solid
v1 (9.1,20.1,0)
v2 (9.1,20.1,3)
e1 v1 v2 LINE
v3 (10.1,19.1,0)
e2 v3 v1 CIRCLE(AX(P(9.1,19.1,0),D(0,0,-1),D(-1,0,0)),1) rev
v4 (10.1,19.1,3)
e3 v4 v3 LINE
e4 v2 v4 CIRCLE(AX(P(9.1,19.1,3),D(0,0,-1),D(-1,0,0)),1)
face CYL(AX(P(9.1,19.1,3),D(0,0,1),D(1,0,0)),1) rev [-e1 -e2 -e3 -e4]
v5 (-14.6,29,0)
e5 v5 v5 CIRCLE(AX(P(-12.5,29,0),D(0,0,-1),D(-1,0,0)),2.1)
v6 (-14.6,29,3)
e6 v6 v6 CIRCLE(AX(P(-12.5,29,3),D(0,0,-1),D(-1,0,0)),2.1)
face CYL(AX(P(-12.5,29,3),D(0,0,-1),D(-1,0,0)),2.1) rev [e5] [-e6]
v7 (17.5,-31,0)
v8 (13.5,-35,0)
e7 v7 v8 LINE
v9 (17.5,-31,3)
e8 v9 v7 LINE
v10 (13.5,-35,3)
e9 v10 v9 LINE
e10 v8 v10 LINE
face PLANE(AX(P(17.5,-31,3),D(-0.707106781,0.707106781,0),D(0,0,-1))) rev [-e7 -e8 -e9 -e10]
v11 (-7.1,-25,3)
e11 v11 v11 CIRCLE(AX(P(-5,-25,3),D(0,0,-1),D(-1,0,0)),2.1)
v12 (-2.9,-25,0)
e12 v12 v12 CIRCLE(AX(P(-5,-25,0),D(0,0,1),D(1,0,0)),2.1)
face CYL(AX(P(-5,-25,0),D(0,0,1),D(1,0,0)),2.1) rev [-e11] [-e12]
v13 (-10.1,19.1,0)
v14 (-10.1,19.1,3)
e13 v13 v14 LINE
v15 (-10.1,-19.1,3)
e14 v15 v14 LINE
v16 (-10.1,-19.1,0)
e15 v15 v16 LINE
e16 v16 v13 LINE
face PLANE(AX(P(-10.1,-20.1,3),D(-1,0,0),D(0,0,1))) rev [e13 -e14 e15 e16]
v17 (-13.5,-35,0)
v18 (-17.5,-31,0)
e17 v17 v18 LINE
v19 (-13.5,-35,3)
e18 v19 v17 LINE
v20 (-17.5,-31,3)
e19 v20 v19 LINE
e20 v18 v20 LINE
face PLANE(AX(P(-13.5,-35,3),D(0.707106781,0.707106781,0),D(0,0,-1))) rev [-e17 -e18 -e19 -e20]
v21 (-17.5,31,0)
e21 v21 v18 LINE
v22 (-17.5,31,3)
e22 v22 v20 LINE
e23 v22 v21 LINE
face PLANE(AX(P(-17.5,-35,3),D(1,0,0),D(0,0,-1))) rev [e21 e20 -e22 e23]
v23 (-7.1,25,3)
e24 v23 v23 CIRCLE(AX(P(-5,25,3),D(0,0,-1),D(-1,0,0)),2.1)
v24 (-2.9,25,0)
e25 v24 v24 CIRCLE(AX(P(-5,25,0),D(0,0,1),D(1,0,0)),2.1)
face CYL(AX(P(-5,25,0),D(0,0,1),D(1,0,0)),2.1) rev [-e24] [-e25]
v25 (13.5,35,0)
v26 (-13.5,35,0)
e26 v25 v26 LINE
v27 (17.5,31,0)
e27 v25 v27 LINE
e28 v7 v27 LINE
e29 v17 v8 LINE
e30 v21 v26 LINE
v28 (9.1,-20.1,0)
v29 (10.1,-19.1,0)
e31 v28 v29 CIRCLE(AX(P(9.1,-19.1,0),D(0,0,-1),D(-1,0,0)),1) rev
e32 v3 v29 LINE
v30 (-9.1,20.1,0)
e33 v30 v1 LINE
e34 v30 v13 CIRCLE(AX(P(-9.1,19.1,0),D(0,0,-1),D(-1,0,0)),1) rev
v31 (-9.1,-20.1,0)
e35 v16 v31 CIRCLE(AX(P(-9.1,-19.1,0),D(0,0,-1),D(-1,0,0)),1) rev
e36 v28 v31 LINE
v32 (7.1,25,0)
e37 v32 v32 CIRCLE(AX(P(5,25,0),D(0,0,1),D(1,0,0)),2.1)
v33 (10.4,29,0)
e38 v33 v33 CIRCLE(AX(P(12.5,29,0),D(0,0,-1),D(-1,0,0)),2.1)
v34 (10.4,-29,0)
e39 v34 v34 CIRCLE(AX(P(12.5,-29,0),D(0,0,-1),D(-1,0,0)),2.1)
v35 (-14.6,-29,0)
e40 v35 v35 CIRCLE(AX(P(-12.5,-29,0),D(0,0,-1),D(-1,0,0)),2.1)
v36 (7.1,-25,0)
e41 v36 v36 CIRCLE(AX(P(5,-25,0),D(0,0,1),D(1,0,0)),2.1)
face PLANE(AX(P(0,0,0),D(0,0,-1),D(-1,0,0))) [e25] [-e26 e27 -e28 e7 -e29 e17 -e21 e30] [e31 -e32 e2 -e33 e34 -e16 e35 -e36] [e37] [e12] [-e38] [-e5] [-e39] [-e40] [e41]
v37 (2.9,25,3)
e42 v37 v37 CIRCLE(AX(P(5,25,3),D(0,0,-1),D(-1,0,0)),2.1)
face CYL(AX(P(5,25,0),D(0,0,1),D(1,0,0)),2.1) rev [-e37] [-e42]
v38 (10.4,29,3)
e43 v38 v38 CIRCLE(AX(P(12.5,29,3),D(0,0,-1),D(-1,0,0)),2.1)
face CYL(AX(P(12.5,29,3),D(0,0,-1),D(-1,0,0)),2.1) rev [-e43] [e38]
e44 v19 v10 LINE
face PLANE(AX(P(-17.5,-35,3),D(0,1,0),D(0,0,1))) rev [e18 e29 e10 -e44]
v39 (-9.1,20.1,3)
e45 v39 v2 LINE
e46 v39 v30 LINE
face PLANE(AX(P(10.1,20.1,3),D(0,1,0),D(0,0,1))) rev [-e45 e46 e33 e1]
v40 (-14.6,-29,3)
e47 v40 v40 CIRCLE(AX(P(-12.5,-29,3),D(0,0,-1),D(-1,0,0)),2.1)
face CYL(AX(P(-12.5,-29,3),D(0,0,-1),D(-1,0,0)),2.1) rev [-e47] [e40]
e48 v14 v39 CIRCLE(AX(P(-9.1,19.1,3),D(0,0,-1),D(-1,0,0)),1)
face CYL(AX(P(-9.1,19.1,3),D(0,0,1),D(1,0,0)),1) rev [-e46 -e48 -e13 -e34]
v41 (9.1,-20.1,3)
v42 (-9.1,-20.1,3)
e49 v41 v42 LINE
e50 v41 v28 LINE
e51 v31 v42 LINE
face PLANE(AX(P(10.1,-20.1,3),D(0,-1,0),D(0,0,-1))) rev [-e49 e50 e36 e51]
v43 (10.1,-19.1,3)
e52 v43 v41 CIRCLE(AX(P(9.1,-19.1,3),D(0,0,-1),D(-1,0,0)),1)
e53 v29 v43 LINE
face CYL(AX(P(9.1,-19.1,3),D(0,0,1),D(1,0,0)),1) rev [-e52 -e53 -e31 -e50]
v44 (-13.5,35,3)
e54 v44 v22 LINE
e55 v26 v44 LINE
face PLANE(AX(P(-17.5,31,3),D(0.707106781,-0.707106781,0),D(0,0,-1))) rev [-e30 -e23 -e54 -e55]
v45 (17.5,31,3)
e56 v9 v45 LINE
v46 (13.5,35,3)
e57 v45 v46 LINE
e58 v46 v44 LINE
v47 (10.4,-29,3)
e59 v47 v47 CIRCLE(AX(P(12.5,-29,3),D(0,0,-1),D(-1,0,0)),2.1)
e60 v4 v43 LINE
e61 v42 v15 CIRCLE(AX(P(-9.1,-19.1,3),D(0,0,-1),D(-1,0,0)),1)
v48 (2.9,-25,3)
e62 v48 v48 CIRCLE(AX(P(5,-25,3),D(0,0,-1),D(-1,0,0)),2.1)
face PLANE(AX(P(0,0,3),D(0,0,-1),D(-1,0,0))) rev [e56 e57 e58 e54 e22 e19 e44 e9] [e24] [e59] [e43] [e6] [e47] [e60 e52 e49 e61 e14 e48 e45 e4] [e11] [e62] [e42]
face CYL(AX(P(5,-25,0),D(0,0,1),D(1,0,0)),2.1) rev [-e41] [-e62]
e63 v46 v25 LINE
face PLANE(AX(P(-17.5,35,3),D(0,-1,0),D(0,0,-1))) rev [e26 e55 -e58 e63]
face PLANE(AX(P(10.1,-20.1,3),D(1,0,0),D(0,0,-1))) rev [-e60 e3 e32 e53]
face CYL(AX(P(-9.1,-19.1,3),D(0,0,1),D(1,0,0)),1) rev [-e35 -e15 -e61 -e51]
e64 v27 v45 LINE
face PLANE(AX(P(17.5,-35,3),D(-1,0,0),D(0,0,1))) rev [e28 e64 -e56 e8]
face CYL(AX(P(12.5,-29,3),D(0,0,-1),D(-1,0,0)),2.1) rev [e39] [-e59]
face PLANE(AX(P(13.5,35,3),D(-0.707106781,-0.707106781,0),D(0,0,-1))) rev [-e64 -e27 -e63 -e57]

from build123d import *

# Parameters (mm, degrees)
SKETCH_1_W                  = 35
SKETCH_1_H                  = 70
EXTRUDE_1_DEPTH             = 3
CHAMFER_1_SIZE              = 4
SKETCH_2_W                  = 20.2
SKETCH_2_H                  = 40.2
CUT_EXTRUDE_1_DEPTH         = 40.246018906
SKETCH_4_R                  = 2.1
CUT_EXTRUDE_3_DEPTH         = 40.246018906
PATTERN_LINEAR_2_COUNT      = 2
PATTERN_LINEAR_2_PITCH      = 25
PATTERN_LINEAR_2_COUNT_DIR2 = 2
PATTERN_LINEAR_2_PITCH_DIR2 = 58
SKETCH_5_R                  = 2.1
CUT_EXTRUDE_4_DEPTH         = 40.246018906
PATTERN_LINEAR_3_COUNT      = 2
PATTERN_LINEAR_3_PITCH      = 10
PATTERN_LINEAR_3_COUNT_DIR2 = 2
PATTERN_LINEAR_3_PITCH_DIR2 = 50
FILLET_1_R                  = 1


with BuildPart() as part:
    # 草圖1 → 填料-伸長1 (new body)
    with BuildSketch(Plane.XY):
        Rectangle(SKETCH_1_W, SKETCH_1_H)
    extrude(amount=EXTRUDE_1_DEPTH)

    # 導角1
    chamfer_1_edges = [part.edges().sort_by_distance(p)[0] for p in [
        (17.5, -35, 1.5),
        (-17.5, -35, 1.5),
        (-17.5, 35, 1.5),
        (17.5, 35, 1.5),
    ]]
    chamfer(chamfer_1_edges, length=CHAMFER_1_SIZE)

    # 草圖2 → 除料-伸長1 (cut, through all)
    with BuildSketch(Plane(origin=(0, 0, 0), x_dir=(-1, 0, 0), z_dir=(0, 0, -1))):
        Rectangle(SKETCH_2_W, SKETCH_2_H)
    extrude(amount=-CUT_EXTRUDE_1_DEPTH, mode=Mode.SUBTRACT)

    # 草圖4 → 除料-伸長3 (cut, through all)
    with BuildSketch(Plane(origin=(0, 0, 0), x_dir=(-1, 0, 0), z_dir=(0, 0, -1))):
        with Locations((-12.5, 29)):
            Circle(SKETCH_4_R)
    cut_extrude_3 = extrude(amount=-CUT_EXTRUDE_3_DEPTH, mode=Mode.SUBTRACT)

    # 直線複製排列2: Cut-Extrude 3 2 × 2
    with Locations(*[(-i * PATTERN_LINEAR_2_PITCH, -j * PATTERN_LINEAR_2_PITCH_DIR2, 0) for i in range(PATTERN_LINEAR_2_COUNT) for j in range(PATTERN_LINEAR_2_COUNT_DIR2) if (i, j) != (0, 0)]):
        add(cut_extrude_3, mode=Mode.SUBTRACT)

    # 草圖5 → 除料-伸長4 (cut, symmetric)
    with BuildSketch(Plane.XY.offset(3)):
        with Locations((-5, -25)):
            Circle(SKETCH_5_R)
    cut_extrude_4 = extrude(amount=CUT_EXTRUDE_4_DEPTH, both=True, mode=Mode.SUBTRACT)

    # 直線複製排列3: Cut-Extrude 4 2 × 2
    with Locations(*[(i * PATTERN_LINEAR_3_PITCH, j * PATTERN_LINEAR_3_PITCH_DIR2, 0) for i in range(PATTERN_LINEAR_3_COUNT) for j in range(PATTERN_LINEAR_3_COUNT_DIR2) if (i, j) != (0, 0)]):
        add(cut_extrude_4, mode=Mode.SUBTRACT)

    # 圓角1
    fillet_1_edges = [part.edges().sort_by_distance(p)[0] for p in [
        (-10.1, 20.1, 1.5),
        (-10.1, -20.1, 1.5),
        (10.1, -20.1, 1.5),
        (10.1, 20.1, 1.5),
    ]]
    fillet(fillet_1_edges, radius=FILLET_1_R)


solid = part.part
